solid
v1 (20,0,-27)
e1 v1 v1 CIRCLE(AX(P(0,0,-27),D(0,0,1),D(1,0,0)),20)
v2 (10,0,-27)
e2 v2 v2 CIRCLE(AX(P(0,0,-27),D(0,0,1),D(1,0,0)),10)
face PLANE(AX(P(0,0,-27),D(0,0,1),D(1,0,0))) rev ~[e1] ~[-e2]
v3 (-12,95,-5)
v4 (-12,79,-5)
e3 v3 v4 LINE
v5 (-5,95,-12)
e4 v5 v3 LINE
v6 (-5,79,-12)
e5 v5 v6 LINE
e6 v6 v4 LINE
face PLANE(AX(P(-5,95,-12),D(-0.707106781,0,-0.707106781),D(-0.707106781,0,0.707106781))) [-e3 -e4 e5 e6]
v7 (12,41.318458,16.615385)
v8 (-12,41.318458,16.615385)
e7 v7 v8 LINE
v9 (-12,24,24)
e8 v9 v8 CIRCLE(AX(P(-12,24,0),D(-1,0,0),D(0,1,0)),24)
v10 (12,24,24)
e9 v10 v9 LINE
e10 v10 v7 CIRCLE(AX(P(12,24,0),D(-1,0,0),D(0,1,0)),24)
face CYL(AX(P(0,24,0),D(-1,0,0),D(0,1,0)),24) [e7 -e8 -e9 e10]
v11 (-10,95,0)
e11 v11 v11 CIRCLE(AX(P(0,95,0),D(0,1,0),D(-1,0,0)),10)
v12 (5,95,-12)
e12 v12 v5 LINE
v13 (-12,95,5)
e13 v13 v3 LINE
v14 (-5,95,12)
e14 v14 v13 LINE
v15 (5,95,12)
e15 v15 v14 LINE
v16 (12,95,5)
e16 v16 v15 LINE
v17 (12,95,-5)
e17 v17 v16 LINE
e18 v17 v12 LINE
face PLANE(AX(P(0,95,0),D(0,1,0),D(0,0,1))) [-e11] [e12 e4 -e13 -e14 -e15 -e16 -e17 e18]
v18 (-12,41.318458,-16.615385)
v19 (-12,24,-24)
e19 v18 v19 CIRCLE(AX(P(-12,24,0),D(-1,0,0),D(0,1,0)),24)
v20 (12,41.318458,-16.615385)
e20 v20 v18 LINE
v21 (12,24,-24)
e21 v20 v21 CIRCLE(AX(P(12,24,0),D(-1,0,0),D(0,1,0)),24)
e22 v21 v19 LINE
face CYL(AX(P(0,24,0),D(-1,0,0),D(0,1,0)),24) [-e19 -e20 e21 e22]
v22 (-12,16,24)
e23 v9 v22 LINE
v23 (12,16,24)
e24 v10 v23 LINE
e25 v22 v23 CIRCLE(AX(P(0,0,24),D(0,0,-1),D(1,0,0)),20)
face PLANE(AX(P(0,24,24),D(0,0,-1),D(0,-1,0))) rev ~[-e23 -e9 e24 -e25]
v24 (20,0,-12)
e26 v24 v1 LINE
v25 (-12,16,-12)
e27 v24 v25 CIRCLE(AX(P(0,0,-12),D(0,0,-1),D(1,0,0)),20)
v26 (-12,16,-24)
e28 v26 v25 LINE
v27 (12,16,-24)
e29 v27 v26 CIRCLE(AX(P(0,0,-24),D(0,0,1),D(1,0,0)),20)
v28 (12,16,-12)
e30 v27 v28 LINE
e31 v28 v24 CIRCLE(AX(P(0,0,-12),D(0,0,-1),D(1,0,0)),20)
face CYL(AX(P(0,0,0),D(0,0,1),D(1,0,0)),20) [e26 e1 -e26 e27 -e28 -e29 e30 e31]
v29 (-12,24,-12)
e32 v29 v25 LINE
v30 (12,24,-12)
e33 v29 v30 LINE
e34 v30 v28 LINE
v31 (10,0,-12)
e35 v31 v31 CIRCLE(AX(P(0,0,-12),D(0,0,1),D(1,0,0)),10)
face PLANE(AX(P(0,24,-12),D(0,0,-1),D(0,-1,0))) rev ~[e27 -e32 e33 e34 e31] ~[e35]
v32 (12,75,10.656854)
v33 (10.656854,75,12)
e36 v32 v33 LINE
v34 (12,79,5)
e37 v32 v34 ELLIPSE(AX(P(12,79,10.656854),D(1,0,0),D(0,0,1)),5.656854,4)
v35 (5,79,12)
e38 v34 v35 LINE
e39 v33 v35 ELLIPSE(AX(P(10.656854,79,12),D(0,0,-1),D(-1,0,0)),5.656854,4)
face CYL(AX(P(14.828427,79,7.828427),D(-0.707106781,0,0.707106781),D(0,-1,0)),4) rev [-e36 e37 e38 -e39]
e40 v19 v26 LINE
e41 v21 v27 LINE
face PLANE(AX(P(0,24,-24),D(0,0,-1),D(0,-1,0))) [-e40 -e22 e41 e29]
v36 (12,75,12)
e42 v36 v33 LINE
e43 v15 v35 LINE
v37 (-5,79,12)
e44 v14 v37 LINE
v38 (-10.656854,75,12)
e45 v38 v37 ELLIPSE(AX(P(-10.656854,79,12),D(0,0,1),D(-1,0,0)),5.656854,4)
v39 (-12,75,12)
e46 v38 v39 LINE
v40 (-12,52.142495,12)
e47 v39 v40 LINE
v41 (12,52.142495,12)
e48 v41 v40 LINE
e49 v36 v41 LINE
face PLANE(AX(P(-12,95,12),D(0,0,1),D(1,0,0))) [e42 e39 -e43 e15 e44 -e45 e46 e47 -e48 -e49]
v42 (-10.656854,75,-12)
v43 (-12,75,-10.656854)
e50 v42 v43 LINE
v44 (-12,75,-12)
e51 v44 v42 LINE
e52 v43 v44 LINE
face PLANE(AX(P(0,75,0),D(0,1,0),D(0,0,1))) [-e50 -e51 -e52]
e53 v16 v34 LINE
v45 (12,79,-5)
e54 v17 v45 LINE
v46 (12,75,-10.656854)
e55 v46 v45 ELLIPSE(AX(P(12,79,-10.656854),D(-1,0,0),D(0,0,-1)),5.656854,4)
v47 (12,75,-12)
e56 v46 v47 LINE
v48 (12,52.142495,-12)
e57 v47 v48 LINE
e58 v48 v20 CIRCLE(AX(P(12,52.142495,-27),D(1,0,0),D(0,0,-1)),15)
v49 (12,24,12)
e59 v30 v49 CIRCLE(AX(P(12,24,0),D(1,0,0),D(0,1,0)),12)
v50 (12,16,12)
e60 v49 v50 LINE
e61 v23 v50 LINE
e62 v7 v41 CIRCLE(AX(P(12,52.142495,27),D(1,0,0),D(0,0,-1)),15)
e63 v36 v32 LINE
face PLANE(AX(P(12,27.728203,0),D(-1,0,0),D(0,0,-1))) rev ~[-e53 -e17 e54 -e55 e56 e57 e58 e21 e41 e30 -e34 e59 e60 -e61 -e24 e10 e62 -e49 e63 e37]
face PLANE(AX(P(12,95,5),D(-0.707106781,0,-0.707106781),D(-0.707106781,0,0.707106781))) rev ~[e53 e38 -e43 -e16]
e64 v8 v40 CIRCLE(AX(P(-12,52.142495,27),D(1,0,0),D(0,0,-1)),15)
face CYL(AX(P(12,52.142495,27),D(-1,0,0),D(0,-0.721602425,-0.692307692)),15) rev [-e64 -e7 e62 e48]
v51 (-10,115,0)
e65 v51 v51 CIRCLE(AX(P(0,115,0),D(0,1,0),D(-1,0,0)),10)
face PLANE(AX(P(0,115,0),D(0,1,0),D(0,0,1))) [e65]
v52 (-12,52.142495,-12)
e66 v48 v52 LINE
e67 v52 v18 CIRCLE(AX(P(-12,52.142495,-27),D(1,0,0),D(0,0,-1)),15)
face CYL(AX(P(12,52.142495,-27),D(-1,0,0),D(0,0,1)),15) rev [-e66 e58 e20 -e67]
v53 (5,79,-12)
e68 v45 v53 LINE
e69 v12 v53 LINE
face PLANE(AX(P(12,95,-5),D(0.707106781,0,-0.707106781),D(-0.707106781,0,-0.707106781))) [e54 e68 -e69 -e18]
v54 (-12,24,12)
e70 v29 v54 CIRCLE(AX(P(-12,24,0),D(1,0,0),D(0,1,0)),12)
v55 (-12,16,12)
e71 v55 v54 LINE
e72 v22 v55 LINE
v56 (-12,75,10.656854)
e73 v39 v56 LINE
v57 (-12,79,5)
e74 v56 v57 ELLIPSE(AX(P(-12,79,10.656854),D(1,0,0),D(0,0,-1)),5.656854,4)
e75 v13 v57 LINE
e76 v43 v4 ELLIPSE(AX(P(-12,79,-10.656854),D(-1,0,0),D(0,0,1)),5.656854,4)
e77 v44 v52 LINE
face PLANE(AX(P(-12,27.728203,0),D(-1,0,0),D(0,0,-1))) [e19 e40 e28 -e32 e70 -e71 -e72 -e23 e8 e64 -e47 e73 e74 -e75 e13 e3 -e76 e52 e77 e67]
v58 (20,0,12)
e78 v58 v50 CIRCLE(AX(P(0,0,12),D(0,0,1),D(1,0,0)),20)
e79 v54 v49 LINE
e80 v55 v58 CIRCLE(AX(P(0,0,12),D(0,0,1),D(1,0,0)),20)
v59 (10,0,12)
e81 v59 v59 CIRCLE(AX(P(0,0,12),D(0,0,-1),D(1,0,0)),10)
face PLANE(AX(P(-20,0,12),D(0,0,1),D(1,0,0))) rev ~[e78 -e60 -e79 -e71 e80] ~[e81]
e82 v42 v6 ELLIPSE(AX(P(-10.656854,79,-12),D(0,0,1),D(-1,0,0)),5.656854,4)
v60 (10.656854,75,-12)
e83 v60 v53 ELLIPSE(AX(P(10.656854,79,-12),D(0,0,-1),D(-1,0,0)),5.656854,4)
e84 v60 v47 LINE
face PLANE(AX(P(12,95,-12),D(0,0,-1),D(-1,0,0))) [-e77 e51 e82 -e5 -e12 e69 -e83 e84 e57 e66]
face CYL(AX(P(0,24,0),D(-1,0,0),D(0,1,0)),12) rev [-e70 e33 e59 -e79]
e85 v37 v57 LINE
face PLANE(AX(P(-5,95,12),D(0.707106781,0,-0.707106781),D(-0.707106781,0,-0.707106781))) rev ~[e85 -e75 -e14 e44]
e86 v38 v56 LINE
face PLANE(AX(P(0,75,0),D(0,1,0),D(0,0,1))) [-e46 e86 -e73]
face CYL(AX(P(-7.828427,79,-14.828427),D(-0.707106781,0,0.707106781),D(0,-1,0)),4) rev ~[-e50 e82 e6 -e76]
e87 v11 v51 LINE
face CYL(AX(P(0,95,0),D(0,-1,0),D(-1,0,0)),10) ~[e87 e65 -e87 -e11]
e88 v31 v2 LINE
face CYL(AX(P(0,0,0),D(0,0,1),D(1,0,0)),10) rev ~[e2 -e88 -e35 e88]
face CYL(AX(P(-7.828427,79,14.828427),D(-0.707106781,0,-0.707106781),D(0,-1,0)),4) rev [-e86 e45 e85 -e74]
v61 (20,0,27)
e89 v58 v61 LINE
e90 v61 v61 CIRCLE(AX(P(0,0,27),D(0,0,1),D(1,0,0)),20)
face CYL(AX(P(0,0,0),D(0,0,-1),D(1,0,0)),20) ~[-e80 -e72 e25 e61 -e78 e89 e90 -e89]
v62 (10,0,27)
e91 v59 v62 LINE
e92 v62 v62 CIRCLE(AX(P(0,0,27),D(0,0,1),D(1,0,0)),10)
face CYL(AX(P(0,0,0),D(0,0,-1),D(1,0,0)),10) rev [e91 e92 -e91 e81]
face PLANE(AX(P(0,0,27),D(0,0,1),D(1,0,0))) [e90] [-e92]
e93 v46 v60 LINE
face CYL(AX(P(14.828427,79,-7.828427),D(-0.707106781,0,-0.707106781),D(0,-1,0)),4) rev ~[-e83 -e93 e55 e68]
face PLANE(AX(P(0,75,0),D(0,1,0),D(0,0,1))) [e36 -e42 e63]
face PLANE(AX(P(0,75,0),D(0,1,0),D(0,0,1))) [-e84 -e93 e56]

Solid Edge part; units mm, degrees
sketch "Sketch1" plane through (0, 0, 0) normal (0, 0, 1) x (1, 0, 0)
  circle A0 centre (0, 0) radius 20
  circle A1 centre (0, 0) radius 10
extrude "Protrusion1" add sketch "Sketch1" along normal mid plane 54
sketch "Sketch2" plane through (0, 0, 0) normal (0, -1, 0) x (1, 0, 0)
  line L0 (-20, 12) -> (20, 12)
  line L1 (20, 12) -> (20, -12)
  line L2 (20, -12) -> (-20, -12)
  line L3 (-20, -12) -> (-20, 12)
  dimension "D1" = 24
  dimension "D2" = 40
extrude "ExtrudedCutout_1" cut sketch "Sketch2" along normal mid plane 239.353
sketch "Sketch3" plane through (0, 0, 0) normal (1, 0, 0) x (0, 1, 0)
  line L0 (24, 12) -> (20, 12)
  line L1 (12, 12) -> (20, 12)
  line L2 (12, 24) -> (12, 12)
  line L3 (24, 24) -> (12, 24)
  line L4 (24, -24) -> (12, -24)
  line L5 (12, -24) -> (12, -12)
  line L6 (12, -12) -> (20, -12)
  line L7 (24, -12) -> (20, -12)
  arc A0 (24, 24) -> (24, -24) centre (24, 0) cw
  arc A1 (24, -12) -> (24, 12) centre (24, 0) ccw
extrude "ExtrudedProtrusion_2" add sketch "Sketch3" along normal mid plane 24
sketch "Sketch4" plane through (0, 95, 0) normal (0, -1, 0) x (1, 0, 0)
  line L0 (-12, 12) -> (12, 12)
  line L1 (12, 12) -> (12, -12)
  line L2 (12, -12) -> (-12, -12)
  line L3 (-12, -12) -> (-12, 12)
  dimension "D1" = 24
  dimension "D2" = 24
extrude "Protrusion2" add sketch "Sketch4" along normal up to next
sketch "Sketch5" plane through (0, 95, 0) normal (0, 1, 0) x (-1, 0, 0)
  circle A0 centre (0, 0) radius 10
extrude "ExtrudedProtrusion_4" add sketch "Sketch5" along normal blind 20
fillet "Round_1" radius 15 2 edges at (0, 44.7846, 12) (0, 44.7846, -12)
sketch "Sketch6" plane through (0, 95, 0) normal (0, 1, 0) x (-1, 0, 0)
  line L0 (12, 5) -> (12, -5)
  line L1 (5, 12) -> (12, 5)
  line L2 (-5, 12) -> (5, 12)
  line L3 (-12, 5) -> (-5, 12)
  line L4 (-12, -5) -> (-12, 5)
  line L5 (-12, -5) -> (-5, -12)
  line L6 (-5, -12) -> (5, -12)
  line L7 (5, -12) -> (12, -5)
extrude "ExtrudedCutout_3" cut sketch "Sketch6" against normal blind 20 flip side to cut
fillet "Round_2" radius 4 4 edges at (8.5, 75, 8.5) (-8.5, 75, 8.5) (-8.5, 75, -8.5) (8.5, 75, -8.5)
properties part number "1"
